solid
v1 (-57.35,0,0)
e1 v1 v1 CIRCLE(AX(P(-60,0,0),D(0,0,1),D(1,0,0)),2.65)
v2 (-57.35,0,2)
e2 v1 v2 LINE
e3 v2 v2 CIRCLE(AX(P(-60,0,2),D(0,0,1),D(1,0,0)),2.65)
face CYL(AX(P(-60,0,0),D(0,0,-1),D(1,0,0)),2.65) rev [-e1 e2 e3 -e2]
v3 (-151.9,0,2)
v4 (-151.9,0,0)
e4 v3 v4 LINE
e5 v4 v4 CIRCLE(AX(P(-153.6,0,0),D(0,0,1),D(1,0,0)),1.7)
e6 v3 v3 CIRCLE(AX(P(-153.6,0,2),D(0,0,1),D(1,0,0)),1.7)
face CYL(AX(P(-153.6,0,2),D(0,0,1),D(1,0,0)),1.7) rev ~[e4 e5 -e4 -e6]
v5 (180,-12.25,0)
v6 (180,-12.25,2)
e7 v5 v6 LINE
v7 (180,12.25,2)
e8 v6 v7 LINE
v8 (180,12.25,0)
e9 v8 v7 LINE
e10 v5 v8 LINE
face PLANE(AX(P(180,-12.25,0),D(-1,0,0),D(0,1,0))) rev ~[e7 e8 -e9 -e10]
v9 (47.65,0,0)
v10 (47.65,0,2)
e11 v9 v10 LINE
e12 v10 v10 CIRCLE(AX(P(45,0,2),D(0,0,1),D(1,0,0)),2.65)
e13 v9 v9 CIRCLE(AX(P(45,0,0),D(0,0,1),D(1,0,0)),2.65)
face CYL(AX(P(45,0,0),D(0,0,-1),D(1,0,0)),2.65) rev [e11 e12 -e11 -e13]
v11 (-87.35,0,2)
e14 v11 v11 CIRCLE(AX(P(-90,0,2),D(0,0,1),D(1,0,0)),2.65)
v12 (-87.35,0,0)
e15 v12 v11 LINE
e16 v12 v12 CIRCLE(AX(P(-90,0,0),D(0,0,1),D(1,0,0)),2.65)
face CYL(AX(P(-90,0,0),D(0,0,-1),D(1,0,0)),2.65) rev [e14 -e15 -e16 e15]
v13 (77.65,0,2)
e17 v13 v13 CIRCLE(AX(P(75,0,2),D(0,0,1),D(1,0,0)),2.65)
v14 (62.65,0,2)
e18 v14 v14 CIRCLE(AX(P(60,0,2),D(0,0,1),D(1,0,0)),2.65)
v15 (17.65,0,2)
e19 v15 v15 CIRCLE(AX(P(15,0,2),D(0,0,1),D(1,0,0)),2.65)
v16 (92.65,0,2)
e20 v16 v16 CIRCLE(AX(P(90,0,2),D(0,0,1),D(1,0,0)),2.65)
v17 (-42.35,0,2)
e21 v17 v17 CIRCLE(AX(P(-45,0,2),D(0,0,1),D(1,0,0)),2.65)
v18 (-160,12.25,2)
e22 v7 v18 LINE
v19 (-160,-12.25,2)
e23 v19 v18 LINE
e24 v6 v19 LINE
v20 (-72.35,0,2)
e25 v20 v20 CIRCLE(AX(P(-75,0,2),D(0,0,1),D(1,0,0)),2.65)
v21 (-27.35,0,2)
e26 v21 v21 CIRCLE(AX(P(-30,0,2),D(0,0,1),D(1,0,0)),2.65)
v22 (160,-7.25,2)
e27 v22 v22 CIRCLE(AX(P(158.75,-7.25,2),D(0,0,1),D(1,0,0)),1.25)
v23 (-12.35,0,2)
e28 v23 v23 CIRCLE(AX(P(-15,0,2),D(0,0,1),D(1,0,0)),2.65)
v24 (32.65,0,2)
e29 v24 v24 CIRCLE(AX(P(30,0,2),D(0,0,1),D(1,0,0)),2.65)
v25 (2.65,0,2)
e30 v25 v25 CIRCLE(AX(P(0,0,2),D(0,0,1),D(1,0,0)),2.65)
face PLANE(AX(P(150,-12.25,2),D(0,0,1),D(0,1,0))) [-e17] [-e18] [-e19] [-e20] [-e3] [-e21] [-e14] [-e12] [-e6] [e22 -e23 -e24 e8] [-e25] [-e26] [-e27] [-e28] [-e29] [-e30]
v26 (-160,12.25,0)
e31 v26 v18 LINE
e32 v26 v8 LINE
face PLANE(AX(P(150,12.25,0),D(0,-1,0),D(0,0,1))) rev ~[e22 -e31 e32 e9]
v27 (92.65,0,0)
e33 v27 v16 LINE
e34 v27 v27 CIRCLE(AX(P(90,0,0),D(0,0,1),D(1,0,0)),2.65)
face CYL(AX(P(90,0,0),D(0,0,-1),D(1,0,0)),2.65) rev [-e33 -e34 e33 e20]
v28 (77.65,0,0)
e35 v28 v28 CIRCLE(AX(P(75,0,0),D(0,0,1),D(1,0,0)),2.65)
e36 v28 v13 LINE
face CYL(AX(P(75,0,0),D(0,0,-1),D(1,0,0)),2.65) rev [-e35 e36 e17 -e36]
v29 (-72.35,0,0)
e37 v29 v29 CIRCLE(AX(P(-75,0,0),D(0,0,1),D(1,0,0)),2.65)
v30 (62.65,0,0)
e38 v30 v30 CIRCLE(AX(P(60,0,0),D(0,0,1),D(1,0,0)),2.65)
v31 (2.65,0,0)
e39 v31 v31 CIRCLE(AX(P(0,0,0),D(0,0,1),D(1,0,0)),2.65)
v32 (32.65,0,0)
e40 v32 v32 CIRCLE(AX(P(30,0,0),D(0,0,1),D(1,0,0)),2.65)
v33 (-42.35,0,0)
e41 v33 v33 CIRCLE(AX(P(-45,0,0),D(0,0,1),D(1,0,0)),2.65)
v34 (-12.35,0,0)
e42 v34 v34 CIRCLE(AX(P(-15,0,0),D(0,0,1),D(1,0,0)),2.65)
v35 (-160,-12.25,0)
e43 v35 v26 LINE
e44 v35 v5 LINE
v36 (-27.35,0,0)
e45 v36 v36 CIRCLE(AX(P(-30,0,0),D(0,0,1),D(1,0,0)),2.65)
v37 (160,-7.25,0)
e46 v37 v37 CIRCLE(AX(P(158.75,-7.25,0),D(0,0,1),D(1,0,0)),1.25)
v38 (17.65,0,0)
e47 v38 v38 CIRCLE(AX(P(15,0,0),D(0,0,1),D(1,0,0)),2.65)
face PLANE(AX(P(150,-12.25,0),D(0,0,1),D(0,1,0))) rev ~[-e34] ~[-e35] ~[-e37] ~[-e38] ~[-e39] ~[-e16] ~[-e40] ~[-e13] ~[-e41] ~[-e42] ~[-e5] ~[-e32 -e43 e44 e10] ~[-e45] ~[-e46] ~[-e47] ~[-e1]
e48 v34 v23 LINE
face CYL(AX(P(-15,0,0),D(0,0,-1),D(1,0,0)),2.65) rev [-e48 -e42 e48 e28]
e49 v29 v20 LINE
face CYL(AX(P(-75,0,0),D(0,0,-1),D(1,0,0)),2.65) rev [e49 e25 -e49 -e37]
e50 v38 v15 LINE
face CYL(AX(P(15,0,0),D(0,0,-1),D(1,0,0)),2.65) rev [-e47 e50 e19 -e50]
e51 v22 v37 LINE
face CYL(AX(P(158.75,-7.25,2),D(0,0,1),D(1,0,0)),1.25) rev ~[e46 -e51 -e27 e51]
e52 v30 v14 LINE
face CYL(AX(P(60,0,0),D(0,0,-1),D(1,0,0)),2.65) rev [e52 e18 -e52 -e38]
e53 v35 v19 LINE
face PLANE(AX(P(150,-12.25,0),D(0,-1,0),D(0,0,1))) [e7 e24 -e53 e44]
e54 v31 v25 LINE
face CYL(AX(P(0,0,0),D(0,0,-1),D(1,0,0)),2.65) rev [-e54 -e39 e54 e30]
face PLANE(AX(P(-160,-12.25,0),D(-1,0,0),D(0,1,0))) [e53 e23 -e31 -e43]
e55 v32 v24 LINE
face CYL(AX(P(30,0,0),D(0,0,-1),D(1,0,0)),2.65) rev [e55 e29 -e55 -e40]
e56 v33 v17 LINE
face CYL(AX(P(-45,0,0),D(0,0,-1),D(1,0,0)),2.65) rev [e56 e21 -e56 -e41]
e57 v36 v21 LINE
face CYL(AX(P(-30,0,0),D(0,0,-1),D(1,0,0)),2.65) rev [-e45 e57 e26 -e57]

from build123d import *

# Parameters (mm, degrees)
F0_W     = 300
F0_H     = 24.5
F0_R     = 2.65
F1_DEPTH = 2
F2_DEPTH = 10
F3_DEPTH = 30
F4_R     = 1.7
F5_DEPTH = 2
F6_R     = 1.25
F7_DEPTH = 2


with BuildPart() as f1:
    # F0 (on Top) → F1 (new body)
    with BuildSketch(Plane.XY):
        Rectangle(F0_W, F0_H)
        with Locations((-90, 0)):
            Circle(F0_R, mode=Mode.SUBTRACT)
        with Locations((-75, 0)):
            Circle(F0_R, mode=Mode.SUBTRACT)
        with Locations((-60, 0)):
            Circle(F0_R, mode=Mode.SUBTRACT)
        with Locations((-45, 0)):
            Circle(F0_R, mode=Mode.SUBTRACT)
        with Locations((-30, 0)):
            Circle(F0_R, mode=Mode.SUBTRACT)
        with Locations((-15, 0)):
            Circle(F0_R, mode=Mode.SUBTRACT)
        Circle(F0_R, mode=Mode.SUBTRACT)
        with Locations((15, 0)):
            Circle(F0_R, mode=Mode.SUBTRACT)
        with Locations((30, 0)):
            Circle(F0_R, mode=Mode.SUBTRACT)
        with Locations((45, 0)):
            Circle(F0_R, mode=Mode.SUBTRACT)
        with Locations((60, 0)):
            Circle(F0_R, mode=Mode.SUBTRACT)
        with Locations((75, 0)):
            Circle(F0_R, mode=Mode.SUBTRACT)
        with Locations((90, 0)):
            Circle(F0_R, mode=Mode.SUBTRACT)
    extrude(amount=F1_DEPTH)

    # F2 (add): a face of the model
    f2_faces = [f1.faces().sort_by_distance(p)[0] for p in [
        (-150, 0, 1),
    ]]
    extrude(f2_faces, amount=F2_DEPTH)

    # F3 (add): a face of the model
    f3_faces = [f1.faces().sort_by_distance(p)[0] for p in [
        (150, 0, 1),
    ]]
    extrude(f3_faces, amount=F3_DEPTH)

    # F4 (on face) → F5 (cut, through all)
    with BuildSketch(Plane.XY.offset(2)):
        with Locations((-153.6, 0)):
            Circle(F4_R)
    extrude(amount=-F5_DEPTH, mode=Mode.SUBTRACT)

    # F6 (on face) → F7 (cut, through all)
    with BuildSketch(Plane.XY.offset(2)):
        with Locations((158.75, -7.25)):
            Circle(F6_R)
    extrude(amount=-F7_DEPTH, mode=Mode.SUBTRACT)


solid = f1.part
